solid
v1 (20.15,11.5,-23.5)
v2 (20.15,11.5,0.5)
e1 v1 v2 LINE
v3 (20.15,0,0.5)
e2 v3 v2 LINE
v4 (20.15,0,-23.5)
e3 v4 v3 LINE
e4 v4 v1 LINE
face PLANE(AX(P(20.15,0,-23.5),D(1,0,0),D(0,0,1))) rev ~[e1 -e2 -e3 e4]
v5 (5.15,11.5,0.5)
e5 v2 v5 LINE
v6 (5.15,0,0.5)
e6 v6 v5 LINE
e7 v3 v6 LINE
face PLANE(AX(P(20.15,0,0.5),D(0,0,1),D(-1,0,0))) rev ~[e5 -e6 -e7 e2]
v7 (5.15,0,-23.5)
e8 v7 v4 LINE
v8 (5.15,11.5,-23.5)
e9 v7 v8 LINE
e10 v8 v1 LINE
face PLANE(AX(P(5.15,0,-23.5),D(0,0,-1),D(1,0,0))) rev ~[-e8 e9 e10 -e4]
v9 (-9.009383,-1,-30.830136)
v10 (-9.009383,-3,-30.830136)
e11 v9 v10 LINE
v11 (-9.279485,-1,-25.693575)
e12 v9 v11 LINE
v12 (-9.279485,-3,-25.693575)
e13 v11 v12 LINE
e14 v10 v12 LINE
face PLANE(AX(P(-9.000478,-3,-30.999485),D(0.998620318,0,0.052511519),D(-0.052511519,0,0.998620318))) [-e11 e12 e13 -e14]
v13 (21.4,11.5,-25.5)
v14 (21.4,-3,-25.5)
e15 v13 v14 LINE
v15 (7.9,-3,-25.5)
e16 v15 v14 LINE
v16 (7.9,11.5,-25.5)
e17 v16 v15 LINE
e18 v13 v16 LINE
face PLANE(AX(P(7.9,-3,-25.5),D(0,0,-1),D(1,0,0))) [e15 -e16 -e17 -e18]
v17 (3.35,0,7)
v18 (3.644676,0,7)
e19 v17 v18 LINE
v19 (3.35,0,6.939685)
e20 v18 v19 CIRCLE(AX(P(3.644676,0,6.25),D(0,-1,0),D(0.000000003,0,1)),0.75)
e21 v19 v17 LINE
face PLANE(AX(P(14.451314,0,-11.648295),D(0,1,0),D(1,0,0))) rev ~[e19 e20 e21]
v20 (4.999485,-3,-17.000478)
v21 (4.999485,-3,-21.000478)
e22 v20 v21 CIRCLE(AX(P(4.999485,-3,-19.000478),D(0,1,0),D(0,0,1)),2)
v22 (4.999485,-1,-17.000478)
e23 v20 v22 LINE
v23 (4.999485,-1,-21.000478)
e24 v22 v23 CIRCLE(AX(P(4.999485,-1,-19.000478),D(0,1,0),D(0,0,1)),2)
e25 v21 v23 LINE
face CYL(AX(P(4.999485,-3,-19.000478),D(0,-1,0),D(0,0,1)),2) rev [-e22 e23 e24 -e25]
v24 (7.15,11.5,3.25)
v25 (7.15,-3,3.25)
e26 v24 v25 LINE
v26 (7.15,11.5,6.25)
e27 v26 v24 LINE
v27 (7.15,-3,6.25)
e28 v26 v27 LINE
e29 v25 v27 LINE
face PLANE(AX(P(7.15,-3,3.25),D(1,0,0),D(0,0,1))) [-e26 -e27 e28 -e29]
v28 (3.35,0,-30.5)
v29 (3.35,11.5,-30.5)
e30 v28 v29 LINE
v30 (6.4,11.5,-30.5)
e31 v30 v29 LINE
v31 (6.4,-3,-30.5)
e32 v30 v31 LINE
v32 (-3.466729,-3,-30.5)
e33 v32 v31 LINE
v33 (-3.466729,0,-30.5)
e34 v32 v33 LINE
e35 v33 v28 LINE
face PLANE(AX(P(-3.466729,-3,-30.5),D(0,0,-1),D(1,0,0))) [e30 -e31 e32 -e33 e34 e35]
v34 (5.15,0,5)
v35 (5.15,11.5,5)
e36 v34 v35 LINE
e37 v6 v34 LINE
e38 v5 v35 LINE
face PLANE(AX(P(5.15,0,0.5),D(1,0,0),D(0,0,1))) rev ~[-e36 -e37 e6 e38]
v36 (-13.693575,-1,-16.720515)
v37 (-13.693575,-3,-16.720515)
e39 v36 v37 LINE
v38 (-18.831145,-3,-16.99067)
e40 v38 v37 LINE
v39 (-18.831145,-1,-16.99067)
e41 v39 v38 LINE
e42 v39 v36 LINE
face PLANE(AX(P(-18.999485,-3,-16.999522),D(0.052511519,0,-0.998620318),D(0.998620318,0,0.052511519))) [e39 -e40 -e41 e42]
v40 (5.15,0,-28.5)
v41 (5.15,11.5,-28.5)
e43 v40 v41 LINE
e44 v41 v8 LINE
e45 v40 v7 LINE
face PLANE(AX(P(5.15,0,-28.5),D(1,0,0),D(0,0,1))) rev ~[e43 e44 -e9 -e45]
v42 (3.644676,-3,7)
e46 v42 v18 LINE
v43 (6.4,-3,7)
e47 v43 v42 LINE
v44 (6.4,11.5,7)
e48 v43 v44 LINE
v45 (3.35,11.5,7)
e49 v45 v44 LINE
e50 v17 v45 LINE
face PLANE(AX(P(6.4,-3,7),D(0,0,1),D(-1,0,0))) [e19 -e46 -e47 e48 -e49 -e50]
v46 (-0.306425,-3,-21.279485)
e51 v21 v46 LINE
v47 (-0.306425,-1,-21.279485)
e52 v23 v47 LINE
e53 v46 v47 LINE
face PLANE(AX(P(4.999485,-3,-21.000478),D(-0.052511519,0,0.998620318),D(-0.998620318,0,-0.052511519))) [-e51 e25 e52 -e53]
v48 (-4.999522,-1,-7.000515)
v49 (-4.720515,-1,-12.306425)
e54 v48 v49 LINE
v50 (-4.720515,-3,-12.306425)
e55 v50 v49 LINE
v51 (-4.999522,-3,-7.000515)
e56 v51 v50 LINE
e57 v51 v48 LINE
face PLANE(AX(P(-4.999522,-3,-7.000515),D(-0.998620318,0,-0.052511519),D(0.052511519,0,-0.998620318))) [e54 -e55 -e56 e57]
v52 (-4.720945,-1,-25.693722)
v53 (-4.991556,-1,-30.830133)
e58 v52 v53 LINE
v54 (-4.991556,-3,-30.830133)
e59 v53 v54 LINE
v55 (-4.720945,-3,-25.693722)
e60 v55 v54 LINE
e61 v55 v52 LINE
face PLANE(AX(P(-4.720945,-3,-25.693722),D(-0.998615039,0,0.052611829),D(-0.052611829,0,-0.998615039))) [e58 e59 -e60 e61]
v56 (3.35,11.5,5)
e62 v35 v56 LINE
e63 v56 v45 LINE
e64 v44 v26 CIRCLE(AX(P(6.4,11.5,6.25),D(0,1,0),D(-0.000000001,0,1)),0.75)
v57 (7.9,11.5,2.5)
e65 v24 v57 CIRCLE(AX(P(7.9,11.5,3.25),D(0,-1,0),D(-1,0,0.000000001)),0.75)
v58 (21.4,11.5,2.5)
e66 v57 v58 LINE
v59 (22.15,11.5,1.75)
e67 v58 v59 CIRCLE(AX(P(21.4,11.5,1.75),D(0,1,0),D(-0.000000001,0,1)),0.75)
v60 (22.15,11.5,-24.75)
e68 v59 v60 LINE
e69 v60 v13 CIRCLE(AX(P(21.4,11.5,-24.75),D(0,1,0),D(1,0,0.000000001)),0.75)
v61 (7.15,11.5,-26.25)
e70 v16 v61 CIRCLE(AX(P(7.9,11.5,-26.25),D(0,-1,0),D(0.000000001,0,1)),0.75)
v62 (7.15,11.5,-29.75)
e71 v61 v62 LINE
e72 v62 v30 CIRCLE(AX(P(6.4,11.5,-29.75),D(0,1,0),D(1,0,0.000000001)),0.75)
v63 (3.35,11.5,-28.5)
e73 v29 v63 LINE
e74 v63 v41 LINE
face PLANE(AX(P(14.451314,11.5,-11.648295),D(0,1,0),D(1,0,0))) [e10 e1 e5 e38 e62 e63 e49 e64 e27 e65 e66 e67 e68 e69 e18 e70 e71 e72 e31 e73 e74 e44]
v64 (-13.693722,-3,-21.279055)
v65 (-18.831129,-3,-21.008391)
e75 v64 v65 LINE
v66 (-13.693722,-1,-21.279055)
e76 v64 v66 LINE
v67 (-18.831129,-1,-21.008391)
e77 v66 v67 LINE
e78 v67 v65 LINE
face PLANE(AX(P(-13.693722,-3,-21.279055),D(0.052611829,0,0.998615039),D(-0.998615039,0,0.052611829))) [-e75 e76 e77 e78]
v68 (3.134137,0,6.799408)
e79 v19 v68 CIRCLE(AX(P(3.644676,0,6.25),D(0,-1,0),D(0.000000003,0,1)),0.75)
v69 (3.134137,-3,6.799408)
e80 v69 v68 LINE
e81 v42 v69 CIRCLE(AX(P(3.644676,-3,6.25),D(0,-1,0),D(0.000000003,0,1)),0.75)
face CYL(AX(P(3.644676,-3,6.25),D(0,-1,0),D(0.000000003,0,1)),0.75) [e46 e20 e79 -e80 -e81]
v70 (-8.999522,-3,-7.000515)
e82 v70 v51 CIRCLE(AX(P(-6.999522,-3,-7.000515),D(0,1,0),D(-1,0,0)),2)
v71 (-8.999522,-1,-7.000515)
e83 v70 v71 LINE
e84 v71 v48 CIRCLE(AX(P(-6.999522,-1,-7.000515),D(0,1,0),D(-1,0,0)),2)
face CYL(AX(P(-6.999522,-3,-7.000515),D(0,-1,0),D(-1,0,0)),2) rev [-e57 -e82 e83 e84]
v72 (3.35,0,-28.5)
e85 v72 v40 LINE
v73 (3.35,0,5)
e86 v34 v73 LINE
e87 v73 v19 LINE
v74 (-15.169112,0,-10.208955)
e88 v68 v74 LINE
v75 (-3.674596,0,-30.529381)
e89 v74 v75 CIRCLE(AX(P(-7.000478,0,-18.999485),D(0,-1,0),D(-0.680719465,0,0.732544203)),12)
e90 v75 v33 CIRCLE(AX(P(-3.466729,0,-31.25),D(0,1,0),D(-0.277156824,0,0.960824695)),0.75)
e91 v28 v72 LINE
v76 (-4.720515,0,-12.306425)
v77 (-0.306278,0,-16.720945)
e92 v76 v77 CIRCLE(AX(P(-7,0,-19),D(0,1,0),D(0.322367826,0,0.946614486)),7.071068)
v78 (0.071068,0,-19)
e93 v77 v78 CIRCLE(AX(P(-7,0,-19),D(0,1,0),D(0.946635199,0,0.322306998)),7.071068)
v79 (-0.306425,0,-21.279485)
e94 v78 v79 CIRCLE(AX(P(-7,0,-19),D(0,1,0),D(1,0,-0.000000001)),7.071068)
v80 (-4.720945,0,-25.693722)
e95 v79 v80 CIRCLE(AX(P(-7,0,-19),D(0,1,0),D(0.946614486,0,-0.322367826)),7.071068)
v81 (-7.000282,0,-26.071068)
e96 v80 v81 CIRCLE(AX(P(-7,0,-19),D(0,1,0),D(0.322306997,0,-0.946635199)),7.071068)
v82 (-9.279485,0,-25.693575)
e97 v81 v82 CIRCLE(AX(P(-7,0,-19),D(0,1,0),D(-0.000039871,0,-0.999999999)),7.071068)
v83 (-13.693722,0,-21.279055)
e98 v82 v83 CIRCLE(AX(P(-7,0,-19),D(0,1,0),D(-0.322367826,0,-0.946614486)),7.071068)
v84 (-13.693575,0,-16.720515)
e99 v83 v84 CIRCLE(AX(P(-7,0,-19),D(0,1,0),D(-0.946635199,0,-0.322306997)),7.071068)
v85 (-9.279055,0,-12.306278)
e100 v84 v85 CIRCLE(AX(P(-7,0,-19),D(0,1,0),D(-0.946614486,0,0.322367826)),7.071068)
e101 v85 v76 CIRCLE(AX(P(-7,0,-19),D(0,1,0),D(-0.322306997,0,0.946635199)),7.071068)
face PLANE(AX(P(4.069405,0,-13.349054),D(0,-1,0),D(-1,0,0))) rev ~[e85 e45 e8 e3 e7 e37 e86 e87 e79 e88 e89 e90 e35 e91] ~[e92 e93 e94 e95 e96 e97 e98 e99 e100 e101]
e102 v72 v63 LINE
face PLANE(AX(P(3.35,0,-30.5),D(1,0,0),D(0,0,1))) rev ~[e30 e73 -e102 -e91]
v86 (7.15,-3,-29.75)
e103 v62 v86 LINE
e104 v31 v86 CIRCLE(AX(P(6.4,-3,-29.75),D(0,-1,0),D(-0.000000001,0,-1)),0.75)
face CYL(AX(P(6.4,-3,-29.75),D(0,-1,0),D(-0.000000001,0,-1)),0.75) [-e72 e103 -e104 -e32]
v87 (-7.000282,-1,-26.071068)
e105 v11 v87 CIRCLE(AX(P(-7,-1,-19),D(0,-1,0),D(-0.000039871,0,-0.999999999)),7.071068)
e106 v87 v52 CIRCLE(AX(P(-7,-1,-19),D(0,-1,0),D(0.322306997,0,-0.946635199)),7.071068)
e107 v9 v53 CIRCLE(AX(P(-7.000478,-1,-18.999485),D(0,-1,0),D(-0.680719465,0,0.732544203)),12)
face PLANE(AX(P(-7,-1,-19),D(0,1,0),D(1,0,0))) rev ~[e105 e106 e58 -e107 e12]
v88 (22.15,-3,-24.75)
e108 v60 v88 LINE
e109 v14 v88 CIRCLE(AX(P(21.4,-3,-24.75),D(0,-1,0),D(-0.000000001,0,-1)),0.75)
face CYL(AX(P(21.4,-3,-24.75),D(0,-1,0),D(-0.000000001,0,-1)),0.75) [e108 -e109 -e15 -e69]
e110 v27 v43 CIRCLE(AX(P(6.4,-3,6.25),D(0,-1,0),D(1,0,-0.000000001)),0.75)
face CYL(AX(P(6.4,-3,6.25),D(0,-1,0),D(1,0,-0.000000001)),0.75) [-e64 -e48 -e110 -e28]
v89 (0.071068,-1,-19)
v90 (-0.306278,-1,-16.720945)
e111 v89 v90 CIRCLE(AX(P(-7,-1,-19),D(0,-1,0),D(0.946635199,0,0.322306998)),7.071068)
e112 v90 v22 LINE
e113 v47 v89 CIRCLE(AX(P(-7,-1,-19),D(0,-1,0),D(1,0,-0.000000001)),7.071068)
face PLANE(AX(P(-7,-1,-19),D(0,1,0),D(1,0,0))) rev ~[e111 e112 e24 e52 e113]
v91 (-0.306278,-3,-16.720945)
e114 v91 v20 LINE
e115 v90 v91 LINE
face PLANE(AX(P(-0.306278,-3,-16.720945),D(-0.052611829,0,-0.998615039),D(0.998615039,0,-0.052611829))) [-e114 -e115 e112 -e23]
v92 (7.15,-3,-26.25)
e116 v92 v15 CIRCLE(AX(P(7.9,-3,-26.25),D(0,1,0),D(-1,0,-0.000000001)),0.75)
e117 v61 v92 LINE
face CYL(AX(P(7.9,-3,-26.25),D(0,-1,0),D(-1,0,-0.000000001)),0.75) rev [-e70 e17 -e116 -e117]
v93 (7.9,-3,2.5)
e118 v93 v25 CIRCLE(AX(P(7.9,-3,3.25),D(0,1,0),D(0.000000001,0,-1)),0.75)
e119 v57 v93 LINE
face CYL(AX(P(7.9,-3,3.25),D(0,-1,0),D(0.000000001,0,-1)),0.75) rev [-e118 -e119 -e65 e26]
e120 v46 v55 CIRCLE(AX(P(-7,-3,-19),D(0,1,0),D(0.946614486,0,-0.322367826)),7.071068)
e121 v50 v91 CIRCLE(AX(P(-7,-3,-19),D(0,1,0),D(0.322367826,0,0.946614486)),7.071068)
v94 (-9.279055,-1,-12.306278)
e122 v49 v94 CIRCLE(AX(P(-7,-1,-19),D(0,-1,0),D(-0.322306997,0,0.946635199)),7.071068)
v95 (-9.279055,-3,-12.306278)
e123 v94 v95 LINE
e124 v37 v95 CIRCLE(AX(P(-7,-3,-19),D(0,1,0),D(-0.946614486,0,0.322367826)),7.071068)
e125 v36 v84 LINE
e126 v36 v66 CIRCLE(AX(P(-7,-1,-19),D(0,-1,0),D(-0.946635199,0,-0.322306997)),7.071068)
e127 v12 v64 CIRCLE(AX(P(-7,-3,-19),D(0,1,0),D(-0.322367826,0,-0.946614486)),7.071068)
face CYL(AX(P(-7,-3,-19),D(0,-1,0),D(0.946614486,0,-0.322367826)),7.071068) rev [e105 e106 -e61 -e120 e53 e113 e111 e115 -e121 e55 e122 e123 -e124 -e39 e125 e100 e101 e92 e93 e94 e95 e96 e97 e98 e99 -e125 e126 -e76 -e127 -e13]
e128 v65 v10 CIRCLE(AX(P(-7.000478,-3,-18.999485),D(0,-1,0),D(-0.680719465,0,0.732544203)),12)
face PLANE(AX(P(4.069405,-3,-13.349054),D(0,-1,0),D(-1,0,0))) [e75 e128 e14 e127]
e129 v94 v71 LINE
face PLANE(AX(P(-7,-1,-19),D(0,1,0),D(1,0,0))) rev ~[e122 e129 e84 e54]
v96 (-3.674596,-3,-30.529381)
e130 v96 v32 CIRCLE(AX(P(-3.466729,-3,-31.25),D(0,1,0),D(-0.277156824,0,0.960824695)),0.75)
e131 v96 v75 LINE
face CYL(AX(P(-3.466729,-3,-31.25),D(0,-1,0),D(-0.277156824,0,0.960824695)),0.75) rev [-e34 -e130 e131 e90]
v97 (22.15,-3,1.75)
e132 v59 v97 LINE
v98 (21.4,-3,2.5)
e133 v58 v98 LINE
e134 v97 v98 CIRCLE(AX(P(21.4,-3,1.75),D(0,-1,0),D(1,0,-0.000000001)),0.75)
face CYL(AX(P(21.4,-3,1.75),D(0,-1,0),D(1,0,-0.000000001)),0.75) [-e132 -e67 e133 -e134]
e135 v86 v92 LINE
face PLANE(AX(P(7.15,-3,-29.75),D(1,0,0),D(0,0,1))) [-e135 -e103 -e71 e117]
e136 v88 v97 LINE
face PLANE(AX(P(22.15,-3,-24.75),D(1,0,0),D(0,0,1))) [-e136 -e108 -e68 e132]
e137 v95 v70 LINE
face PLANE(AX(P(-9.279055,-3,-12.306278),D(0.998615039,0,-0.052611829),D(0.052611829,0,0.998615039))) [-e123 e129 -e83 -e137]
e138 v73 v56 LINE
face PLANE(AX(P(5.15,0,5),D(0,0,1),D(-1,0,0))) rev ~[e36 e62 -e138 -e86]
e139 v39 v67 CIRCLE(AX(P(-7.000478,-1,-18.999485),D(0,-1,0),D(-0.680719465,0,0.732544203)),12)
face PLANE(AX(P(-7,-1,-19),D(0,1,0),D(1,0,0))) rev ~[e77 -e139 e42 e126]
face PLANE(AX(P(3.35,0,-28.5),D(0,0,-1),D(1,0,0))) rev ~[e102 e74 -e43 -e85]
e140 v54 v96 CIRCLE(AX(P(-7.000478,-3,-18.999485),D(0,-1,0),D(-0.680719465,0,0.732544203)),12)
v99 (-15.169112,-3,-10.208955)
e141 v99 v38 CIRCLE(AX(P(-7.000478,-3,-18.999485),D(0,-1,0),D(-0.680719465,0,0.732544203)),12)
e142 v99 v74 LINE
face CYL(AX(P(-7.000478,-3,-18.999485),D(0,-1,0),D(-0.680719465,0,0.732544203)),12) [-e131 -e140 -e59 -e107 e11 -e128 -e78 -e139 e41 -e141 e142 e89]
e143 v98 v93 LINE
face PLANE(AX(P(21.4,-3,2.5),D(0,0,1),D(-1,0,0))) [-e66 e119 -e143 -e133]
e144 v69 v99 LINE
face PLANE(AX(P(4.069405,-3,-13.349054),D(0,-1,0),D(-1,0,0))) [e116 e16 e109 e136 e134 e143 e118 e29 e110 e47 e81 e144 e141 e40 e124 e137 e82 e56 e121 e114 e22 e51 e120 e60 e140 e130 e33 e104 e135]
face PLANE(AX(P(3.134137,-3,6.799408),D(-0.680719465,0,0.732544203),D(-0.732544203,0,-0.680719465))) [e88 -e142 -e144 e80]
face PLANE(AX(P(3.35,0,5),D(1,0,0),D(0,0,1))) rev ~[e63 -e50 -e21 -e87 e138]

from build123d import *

# Parameters (mm, degrees)
BRACKET_DEPTH       = 11.5
BOSS_EXTRUDE1_START = -3
BOSS_EXTRUDE1_DEPTH = 3
CUT_EXTRUDE1_START  = -3
CUT_EXTRUDE1_DEPTH  = 2
CUT_EXTRUDE2_START  = -2.5
SKETCH15_4_W        = 5
SKETCH15_4_H        = 5
CUT_EXTRUDE2_DEPTH  = 2.5


with BuildPart() as part:
    # Sketch9 → Bracket (new body)
    with BuildSketch(Plane(origin=(0, 0, 0), x_dir=(1, 0, 0), z_dir=(0, 1, 0))):
        with BuildLine():
            Line((5.15, -5), (4.65, -5))
            Line((4.65, -5), (3.35, -5))
            Line((3.35, -5), (3.35, -7))
            Line((3.35, -7), (6.4, -7))
            ThreePointArc((6.4, -7), (6.930330086, -6.780330086), (7.15, -6.25))
            Line((7.15, -6.25), (7.15, -5))
            Line((7.15, -5), (7.15, -3.25))
            ThreePointArc((7.15, -3.25), (7.369669914, -2.719669914), (7.9, -2.5))
            Line((7.9, -2.5), (21.4, -2.5))
            ThreePointArc((21.4, -2.5), (21.930330086, -2.280330086), (22.15, -1.75))
            Line((22.15, -1.75), (22.15, 24.75))
            ThreePointArc((22.15, 24.75), (21.930330086, 25.280330086), (21.4, 25.5))
            Line((21.4, 25.5), (7.9, 25.5))
            ThreePointArc((7.9, 25.5), (7.369669914, 25.719669914), (7.15, 26.25))
            Line((7.15, 26.25), (7.15, 28))
            Line((7.15, 28), (7.15, 29.75))
            ThreePointArc((7.15, 29.75), (6.930330086, 30.280330086), (6.4, 30.5))
            Line((6.4, 30.5), (5.15, 30.5))
            Line((5.15, 30.5), (3.35, 30.5))
            Line((3.35, 30.5), (3.35, 28.5))
            Line((3.35, 28.5), (5.15, 28.5))
            Line((5.15, 28.5), (5.15, 28))
            Line((5.15, 28), (5.15, 23.5))
            Line((5.15, 23.5), (20.15, 23.5))
            Line((20.15, 23.5), (20.15, -0.5))
            Line((20.15, -0.5), (5.15, -0.5))
            Line((5.15, -0.5), (5.15, -5))
        make_face()
    extrude(amount=BRACKET_DEPTH)

    # Sketch12 → Boss-Extrude1 (add)
    with BuildSketch(Plane(origin=(0, 0, 0), x_dir=(1, 0, 0), z_dir=(0, 1, 0)).offset(BOSS_EXTRUDE1_START)):
        with BuildLine():
            Line((3.134136634, -6.799408153), (-15.169112008, 10.208954707))
            ThreePointArc((-15.169112008, 10.208954707), (-17.445237733, 24.907700028), (-3.6745965, 30.529381479))
            ThreePointArc((-3.6745965, 30.529381479), (-3.571695801, 30.507381696), (-3.466728879, 30.5))
            Line((-3.466728879, 30.5), (6.4, 30.5))
            ThreePointArc((6.4, 30.5), (6.930330086, 30.280330086), (7.15, 29.75))
            Line((7.15, 29.75), (7.15, 26.25))
            ThreePointArc((7.15, 26.25), (7.369669914, 25.719669914), (7.9, 25.5))
            Line((7.9, 25.5), (21.4, 25.5))
            ThreePointArc((21.4, 25.5), (21.930330086, 25.280330086), (22.15, 24.75))
            Line((22.15, 24.75), (22.15, -1.75))
            ThreePointArc((22.15, -1.75), (21.930330086, -2.280330086), (21.4, -2.5))
            Line((21.4, -2.5), (7.9, -2.5))
            ThreePointArc((7.9, -2.5), (7.369669914, -2.719669914), (7.15, -3.25))
            Line((7.15, -3.25), (7.15, -6.25))
            ThreePointArc((7.15, -6.25), (6.930330086, -6.780330086), (6.4, -7))
            Line((6.4, -7), (3.644676233, -7))
            ThreePointArc((3.644676233, -7), (3.370410043, -6.948053048), (3.134136634, -6.799408153))
        make_face()
    extrude(amount=BOSS_EXTRUDE1_DEPTH)

    # Sketch15 → Cut-Extrude1 (cut)
    with BuildSketch(Plane(origin=(0, 0, 0), x_dir=(1, 0, 0), z_dir=(0, 1, 0)).offset(CUT_EXTRUDE1_START)):
        with BuildLine():
            Line((-9.279054633, 12.306278316), (-8.999521572, 7.000514852))
            ThreePointArc((-8.999521572, 7.000514852), (-6.999521572, 5.000514852), (-4.999521572, 7.000514852))
            Line((-4.999521572, 7.000514852), (-4.720515244, 12.306424778))
            ThreePointArc((-4.720515244, 12.306424778), (-1.999839357, 14.000160648), (-0.306278316, 16.720945367))
            Line((-0.306278316, 16.720945367), (4.999485148, 17.000478428))
            ThreePointArc((4.999485148, 17.000478428), (6.999485148, 19.000478428), (4.999485148, 21.000478428))
            Line((4.999485148, 21.000478428), (-0.306424778, 21.279484756))
            ThreePointArc((-0.306424778, 21.279484756), (-2.000160648, 24.000160643), (-4.720945367, 25.693721684))
            Line((-4.720945367, 25.693721684), (-5.000478428, 30.999485148))
            ThreePointArc((-5.000478428, 30.999485148), (-7.000478428, 32.999485148), (-9.000478428, 30.999485148))
            Line((-9.000478428, 30.999485148), (-9.279484756, 25.693575222))
            ThreePointArc((-9.279484756, 25.693575222), (-12.000160643, 23.999839352), (-13.693721684, 21.279054633))
            Line((-13.693721684, 21.279054633), (-18.999485148, 20.999521572))
            ThreePointArc((-18.999485148, 20.999521572), (-20.999485148, 18.999521572), (-18.999485148, 16.999521572))
            Line((-18.999485148, 16.999521572), (-13.693575222, 16.720515244))
            ThreePointArc((-13.693575222, 16.720515244), (-11.999839352, 13.999839357), (-9.279054633, 12.306278316))
        make_face()
    extrude(amount=CUT_EXTRUDE1_DEPTH, mode=Mode.SUBTRACT)

    # Sketch15<4> → Cut-Extrude2 (cut)
    with BuildSketch(Plane(origin=(0, 0, 0), x_dir=(1, 0, 0), z_dir=(0, 1, 0)).offset(CUT_EXTRUDE2_START)):
        with BuildLine():
            Line((-13.693721684, 21.279054633), (-9.5, 21.5))
            Line((-9.5, 21.5), (-9.279484756, 25.693575222))
            ThreePointArc((-9.279484756, 25.693575222), (-12.000160643, 23.999839352), (-13.693721684, 21.279054633))
        make_face()
        with BuildLine():
            Line((-9.5, 21.5), (-7.000099677, 21.5))
            Line((-7.000099677, 21.5), (-7.000281928, 26.071067806))
            ThreePointArc((-7.000281928, 26.071067806), (-8.155404343, 25.976033314), (-9.279484756, 25.693575222))
            Line((-9.279484756, 25.693575222), (-9.5, 21.5))
        make_face()
        with BuildLine():
            Line((-7.000099677, 21.5), (-4.5, 21.5))
            Line((-4.5, 21.5), (-4.720945367, 25.693721684))
            ThreePointArc((-4.720945367, 25.693721684), (-5.845097933, 25.976116485), (-7.000281928, 26.071067806))
            Line((-7.000281928, 26.071067806), (-7.000099677, 21.5))
        make_face()
        with BuildLine():
            Line((-4.720945367, 25.693721684), (-4.5, 21.5))
            Line((-4.5, 21.5), (-0.306424778, 21.279484756))
            ThreePointArc((-0.306424778, 21.279484756), (-2.000160648, 24.000160643), (-4.720945367, 25.693721684))
        make_face()
        with BuildLine():
            Line((-0.306278316, 16.720945367), (-4.5, 16.5))
            Line((-4.5, 16.5), (-4.720515244, 12.306424778))
            ThreePointArc((-4.720515244, 12.306424778), (-1.999839357, 14.000160648), (-0.306278316, 16.720945367))
        make_face()
        with BuildLine():
            Line((-0.306424778, 21.279484756), (-4.5, 21.5))
            Line((-4.5, 21.5), (-4.5, 16.5))
            Line((-4.5, 16.5), (-0.306278316, 16.720945367))
            ThreePointArc((-0.306278316, 16.720945367), (-0.023906539, 17.844958862), (0.071067812, 19))
            ThreePointArc((0.071067812, 19), (-0.023943654, 20.155265273), (-0.306424778, 21.279484756))
        make_face()
        with Locations((-7, 19)):
            Rectangle(SKETCH15_4_W, SKETCH15_4_H)
        with BuildLine():
            Line((-4.720515244, 12.306424778), (-4.5, 16.5))
            Line((-4.5, 16.5), (-9.5, 16.5))
            Line((-9.5, 16.5), (-9.279054633, 12.306278316))
            ThreePointArc((-9.279054633, 12.306278316), (-6.999772812, 11.928932192), (-4.720515244, 12.306424778))
        make_face()
        with BuildLine():
            Line((-9.5, 16.5), (-9.5, 21.5))
            Line((-9.5, 21.5), (-13.693721684, 21.279054633))
            ThreePointArc((-13.693721684, 21.279054633), (-14.071067808, 18.999772812), (-13.693575222, 16.720515244))
            Line((-13.693575222, 16.720515244), (-9.5, 16.5))
        make_face()
        with BuildLine():
            Line((-9.279054633, 12.306278316), (-9.5, 16.5))
            Line((-9.5, 16.5), (-13.693575222, 16.720515244))
            ThreePointArc((-13.693575222, 16.720515244), (-11.999839352, 13.999839357), (-9.279054633, 12.306278316))
        make_face()
    extrude(amount=CUT_EXTRUDE2_DEPTH, mode=Mode.SUBTRACT)


solid = part.part
